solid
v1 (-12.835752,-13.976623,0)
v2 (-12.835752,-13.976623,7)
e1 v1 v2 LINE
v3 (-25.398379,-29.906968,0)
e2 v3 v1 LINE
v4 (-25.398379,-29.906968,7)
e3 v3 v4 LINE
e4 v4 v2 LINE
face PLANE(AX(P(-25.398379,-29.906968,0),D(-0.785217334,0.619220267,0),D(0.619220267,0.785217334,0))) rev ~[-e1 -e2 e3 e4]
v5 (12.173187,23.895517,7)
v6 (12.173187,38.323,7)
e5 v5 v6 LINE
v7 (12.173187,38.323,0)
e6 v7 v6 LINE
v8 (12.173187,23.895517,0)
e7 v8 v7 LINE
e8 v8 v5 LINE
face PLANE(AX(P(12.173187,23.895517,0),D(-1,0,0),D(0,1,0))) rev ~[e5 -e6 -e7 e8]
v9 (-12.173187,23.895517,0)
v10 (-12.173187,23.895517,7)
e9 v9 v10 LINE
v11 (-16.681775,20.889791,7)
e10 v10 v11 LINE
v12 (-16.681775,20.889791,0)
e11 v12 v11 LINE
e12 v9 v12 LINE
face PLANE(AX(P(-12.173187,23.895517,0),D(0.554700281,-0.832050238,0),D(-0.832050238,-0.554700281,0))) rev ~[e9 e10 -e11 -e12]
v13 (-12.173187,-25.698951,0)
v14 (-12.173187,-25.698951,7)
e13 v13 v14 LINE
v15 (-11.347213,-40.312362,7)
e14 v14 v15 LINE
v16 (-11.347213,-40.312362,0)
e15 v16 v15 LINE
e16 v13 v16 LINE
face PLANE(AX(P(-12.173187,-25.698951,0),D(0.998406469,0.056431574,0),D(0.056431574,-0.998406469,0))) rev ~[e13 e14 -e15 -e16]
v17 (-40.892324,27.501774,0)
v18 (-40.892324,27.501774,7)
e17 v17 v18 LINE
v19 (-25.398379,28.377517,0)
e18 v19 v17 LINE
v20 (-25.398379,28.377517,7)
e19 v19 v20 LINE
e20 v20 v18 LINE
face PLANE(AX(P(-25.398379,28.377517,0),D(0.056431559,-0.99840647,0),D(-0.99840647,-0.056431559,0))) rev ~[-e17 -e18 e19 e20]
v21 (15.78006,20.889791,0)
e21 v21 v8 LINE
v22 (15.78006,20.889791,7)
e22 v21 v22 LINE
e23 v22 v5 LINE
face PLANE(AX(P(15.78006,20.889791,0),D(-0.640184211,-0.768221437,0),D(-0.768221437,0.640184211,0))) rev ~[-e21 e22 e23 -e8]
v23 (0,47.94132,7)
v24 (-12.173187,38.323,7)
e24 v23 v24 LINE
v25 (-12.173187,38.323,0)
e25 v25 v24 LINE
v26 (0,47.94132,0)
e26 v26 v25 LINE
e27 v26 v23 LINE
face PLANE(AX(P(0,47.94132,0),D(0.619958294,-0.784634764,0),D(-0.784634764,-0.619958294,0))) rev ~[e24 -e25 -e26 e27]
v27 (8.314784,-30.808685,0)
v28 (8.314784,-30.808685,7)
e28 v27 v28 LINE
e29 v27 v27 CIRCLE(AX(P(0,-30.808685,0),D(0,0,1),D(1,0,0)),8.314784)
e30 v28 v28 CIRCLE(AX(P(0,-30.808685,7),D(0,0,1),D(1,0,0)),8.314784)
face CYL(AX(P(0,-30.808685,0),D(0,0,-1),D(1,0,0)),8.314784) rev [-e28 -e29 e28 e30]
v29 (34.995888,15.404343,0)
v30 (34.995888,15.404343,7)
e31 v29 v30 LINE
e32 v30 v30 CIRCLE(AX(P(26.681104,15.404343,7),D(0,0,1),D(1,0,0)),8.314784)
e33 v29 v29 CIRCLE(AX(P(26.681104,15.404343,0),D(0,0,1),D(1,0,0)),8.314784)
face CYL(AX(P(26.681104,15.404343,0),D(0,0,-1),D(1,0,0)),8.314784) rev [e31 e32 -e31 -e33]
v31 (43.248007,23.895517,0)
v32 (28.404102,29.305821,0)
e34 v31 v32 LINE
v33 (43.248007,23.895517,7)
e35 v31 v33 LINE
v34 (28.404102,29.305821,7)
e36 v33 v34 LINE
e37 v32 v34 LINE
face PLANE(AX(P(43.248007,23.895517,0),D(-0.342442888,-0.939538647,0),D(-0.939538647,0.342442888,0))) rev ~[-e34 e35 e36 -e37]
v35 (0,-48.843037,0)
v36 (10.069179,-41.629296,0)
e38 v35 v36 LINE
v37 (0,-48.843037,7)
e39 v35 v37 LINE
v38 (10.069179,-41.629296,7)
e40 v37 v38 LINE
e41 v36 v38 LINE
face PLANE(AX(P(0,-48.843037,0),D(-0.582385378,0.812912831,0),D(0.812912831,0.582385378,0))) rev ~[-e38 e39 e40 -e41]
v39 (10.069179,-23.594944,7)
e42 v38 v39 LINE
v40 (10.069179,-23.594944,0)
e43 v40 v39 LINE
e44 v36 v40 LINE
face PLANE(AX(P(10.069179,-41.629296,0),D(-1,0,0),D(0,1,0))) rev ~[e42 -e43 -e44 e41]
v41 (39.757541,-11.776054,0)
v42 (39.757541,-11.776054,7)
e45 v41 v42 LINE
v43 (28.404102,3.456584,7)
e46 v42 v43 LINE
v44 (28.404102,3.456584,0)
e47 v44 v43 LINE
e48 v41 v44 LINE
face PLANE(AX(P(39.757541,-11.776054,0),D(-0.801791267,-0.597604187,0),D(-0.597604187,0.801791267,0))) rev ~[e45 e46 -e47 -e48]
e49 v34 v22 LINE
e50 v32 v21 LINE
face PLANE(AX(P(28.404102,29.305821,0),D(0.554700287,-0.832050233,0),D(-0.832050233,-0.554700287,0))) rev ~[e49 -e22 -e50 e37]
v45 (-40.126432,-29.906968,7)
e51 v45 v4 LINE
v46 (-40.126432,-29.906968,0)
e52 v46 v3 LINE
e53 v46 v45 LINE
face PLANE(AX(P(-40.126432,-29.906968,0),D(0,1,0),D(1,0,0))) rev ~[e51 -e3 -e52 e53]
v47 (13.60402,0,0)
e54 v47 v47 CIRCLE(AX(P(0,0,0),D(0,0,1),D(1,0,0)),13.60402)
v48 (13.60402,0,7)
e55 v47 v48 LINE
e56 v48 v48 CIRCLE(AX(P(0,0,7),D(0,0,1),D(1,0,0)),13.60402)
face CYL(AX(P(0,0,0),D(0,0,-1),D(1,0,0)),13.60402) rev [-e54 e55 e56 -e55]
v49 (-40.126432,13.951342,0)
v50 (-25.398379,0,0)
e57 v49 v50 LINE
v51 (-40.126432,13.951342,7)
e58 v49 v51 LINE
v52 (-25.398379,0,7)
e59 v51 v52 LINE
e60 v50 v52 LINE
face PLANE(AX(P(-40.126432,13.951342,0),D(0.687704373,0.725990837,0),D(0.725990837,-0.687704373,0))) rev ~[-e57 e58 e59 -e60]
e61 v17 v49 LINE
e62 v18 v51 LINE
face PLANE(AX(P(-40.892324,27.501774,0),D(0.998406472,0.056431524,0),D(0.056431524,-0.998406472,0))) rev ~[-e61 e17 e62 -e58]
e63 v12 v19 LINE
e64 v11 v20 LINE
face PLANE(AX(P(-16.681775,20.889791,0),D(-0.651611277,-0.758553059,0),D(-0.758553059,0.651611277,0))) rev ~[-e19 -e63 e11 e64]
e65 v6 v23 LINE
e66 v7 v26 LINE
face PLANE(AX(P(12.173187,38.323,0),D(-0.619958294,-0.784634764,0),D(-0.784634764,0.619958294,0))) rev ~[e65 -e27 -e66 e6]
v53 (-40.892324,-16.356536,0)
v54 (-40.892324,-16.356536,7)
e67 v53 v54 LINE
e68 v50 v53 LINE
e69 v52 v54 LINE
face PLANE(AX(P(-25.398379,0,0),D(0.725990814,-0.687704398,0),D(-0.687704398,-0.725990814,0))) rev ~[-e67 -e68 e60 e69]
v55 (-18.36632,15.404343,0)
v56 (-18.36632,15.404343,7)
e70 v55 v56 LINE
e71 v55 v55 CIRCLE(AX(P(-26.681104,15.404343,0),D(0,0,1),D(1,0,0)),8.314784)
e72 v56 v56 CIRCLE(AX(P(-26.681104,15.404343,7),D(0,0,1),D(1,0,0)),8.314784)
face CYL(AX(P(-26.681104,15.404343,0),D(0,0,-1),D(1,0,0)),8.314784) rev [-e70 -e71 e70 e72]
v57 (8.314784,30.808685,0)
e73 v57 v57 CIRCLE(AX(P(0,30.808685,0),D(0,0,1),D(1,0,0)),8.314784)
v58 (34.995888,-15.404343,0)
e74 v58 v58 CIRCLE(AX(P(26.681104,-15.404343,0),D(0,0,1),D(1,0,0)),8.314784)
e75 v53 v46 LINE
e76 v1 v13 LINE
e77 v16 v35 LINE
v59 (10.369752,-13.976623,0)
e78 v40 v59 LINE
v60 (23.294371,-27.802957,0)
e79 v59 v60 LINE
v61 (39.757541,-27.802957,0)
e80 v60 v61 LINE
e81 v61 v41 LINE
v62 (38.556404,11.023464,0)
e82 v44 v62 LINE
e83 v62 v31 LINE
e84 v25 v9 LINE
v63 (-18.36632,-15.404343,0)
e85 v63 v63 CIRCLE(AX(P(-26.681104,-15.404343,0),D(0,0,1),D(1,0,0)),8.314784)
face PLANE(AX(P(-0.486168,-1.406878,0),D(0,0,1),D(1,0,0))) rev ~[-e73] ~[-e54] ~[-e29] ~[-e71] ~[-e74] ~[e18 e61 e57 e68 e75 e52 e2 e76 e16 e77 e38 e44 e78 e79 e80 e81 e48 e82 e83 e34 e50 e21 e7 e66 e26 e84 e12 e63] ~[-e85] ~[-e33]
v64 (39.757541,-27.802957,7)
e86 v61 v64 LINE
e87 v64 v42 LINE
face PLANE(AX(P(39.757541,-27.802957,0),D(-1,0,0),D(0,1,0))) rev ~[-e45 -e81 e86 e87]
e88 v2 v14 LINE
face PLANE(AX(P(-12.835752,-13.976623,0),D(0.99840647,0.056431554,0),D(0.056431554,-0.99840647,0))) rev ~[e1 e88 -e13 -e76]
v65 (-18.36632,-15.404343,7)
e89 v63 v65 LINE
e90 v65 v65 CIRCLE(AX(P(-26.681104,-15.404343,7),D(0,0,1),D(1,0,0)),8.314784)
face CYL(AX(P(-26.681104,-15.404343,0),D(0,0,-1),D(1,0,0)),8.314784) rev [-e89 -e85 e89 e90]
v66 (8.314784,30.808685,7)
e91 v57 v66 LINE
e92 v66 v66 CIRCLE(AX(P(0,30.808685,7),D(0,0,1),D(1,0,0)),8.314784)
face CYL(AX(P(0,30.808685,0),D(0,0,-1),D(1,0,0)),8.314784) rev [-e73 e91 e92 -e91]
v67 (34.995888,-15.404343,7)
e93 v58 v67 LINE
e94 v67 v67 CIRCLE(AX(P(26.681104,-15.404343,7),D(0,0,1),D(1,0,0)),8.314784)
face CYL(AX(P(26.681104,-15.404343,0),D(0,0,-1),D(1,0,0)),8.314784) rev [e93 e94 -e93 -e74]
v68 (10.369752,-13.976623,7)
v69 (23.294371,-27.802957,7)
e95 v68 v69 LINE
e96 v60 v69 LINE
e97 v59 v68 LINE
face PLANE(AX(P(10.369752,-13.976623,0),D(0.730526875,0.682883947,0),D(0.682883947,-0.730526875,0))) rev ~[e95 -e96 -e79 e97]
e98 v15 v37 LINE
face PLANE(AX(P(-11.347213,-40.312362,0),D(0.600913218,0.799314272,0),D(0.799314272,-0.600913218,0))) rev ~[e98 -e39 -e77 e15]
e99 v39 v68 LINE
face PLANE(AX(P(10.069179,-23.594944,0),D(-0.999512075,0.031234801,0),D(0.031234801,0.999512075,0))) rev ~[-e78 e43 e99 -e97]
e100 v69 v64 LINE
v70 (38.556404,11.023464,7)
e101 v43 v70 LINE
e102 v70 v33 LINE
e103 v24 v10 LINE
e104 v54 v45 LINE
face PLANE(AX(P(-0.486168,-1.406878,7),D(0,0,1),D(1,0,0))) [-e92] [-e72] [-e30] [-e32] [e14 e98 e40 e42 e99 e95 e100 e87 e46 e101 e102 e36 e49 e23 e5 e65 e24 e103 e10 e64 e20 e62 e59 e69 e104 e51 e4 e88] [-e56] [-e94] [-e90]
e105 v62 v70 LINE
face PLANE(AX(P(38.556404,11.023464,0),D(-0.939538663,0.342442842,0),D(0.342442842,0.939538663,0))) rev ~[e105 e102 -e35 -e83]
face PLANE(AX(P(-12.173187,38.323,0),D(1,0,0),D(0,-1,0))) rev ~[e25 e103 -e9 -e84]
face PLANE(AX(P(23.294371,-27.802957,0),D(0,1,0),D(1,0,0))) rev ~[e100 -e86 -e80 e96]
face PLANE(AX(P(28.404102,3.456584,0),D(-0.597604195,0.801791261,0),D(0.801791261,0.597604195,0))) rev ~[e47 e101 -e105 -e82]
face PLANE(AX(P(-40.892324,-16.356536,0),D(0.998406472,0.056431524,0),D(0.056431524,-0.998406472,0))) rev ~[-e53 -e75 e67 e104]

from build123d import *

# Parameters (mm, degrees)
F0_R     = 8.314784
F0_R_2   = 13.60402
F1_DEPTH = 7


with BuildPart() as f1:
    # F0 (on Top) → F1 (new body)
    with BuildSketch(Plane.XY):
        Polygon((-12.173187, 38.323), (-12.173187, 29.305821), (-12.173187, 23.895517), (-16.681775, 20.889791), (-25.398379, 28.377517), (-40.892324, 27.501774), (-40.126432, 13.951342), (-25.398379, 0), (-40.892324, -16.356536), (-40.126432, -29.906968), (-25.398379, -29.906968), (-12.835752, -13.976623), (-12.173187, -25.698951), (-11.347213, -40.312362), (0, -48.843037), (10.069179, -41.629296), (10.069179, -23.594944), (10.369752, -13.976623), (23.294371, -27.802957), (39.757541, -27.802957), (39.757541, -11.776054), (28.404102, 3.456584), (38.556404, 11.023464), (43.248007, 23.895517), (28.404102, 29.305821), (15.78006, 20.889791), (12.173187, 23.895517), (12.173187, 38.323), (0, 47.94132), align=None)
        with Locations((0, -30.808685)):
            Circle(F0_R, mode=Mode.SUBTRACT)
        with Locations((-26.681104, -15.404343)):
            Circle(F0_R, mode=Mode.SUBTRACT)
        with Locations((26.681104, -15.404343)):
            Circle(F0_R, mode=Mode.SUBTRACT)
        with Locations((-26.681104, 15.404343)):
            Circle(F0_R, mode=Mode.SUBTRACT)
        Circle(F0_R_2, mode=Mode.SUBTRACT)
        with Locations((0, 30.808685)):
            Circle(F0_R, mode=Mode.SUBTRACT)
        with Locations((26.681104, 15.404343)):
            Circle(F0_R, mode=Mode.SUBTRACT)
    extrude(amount=F1_DEPTH)


solid = f1.part
